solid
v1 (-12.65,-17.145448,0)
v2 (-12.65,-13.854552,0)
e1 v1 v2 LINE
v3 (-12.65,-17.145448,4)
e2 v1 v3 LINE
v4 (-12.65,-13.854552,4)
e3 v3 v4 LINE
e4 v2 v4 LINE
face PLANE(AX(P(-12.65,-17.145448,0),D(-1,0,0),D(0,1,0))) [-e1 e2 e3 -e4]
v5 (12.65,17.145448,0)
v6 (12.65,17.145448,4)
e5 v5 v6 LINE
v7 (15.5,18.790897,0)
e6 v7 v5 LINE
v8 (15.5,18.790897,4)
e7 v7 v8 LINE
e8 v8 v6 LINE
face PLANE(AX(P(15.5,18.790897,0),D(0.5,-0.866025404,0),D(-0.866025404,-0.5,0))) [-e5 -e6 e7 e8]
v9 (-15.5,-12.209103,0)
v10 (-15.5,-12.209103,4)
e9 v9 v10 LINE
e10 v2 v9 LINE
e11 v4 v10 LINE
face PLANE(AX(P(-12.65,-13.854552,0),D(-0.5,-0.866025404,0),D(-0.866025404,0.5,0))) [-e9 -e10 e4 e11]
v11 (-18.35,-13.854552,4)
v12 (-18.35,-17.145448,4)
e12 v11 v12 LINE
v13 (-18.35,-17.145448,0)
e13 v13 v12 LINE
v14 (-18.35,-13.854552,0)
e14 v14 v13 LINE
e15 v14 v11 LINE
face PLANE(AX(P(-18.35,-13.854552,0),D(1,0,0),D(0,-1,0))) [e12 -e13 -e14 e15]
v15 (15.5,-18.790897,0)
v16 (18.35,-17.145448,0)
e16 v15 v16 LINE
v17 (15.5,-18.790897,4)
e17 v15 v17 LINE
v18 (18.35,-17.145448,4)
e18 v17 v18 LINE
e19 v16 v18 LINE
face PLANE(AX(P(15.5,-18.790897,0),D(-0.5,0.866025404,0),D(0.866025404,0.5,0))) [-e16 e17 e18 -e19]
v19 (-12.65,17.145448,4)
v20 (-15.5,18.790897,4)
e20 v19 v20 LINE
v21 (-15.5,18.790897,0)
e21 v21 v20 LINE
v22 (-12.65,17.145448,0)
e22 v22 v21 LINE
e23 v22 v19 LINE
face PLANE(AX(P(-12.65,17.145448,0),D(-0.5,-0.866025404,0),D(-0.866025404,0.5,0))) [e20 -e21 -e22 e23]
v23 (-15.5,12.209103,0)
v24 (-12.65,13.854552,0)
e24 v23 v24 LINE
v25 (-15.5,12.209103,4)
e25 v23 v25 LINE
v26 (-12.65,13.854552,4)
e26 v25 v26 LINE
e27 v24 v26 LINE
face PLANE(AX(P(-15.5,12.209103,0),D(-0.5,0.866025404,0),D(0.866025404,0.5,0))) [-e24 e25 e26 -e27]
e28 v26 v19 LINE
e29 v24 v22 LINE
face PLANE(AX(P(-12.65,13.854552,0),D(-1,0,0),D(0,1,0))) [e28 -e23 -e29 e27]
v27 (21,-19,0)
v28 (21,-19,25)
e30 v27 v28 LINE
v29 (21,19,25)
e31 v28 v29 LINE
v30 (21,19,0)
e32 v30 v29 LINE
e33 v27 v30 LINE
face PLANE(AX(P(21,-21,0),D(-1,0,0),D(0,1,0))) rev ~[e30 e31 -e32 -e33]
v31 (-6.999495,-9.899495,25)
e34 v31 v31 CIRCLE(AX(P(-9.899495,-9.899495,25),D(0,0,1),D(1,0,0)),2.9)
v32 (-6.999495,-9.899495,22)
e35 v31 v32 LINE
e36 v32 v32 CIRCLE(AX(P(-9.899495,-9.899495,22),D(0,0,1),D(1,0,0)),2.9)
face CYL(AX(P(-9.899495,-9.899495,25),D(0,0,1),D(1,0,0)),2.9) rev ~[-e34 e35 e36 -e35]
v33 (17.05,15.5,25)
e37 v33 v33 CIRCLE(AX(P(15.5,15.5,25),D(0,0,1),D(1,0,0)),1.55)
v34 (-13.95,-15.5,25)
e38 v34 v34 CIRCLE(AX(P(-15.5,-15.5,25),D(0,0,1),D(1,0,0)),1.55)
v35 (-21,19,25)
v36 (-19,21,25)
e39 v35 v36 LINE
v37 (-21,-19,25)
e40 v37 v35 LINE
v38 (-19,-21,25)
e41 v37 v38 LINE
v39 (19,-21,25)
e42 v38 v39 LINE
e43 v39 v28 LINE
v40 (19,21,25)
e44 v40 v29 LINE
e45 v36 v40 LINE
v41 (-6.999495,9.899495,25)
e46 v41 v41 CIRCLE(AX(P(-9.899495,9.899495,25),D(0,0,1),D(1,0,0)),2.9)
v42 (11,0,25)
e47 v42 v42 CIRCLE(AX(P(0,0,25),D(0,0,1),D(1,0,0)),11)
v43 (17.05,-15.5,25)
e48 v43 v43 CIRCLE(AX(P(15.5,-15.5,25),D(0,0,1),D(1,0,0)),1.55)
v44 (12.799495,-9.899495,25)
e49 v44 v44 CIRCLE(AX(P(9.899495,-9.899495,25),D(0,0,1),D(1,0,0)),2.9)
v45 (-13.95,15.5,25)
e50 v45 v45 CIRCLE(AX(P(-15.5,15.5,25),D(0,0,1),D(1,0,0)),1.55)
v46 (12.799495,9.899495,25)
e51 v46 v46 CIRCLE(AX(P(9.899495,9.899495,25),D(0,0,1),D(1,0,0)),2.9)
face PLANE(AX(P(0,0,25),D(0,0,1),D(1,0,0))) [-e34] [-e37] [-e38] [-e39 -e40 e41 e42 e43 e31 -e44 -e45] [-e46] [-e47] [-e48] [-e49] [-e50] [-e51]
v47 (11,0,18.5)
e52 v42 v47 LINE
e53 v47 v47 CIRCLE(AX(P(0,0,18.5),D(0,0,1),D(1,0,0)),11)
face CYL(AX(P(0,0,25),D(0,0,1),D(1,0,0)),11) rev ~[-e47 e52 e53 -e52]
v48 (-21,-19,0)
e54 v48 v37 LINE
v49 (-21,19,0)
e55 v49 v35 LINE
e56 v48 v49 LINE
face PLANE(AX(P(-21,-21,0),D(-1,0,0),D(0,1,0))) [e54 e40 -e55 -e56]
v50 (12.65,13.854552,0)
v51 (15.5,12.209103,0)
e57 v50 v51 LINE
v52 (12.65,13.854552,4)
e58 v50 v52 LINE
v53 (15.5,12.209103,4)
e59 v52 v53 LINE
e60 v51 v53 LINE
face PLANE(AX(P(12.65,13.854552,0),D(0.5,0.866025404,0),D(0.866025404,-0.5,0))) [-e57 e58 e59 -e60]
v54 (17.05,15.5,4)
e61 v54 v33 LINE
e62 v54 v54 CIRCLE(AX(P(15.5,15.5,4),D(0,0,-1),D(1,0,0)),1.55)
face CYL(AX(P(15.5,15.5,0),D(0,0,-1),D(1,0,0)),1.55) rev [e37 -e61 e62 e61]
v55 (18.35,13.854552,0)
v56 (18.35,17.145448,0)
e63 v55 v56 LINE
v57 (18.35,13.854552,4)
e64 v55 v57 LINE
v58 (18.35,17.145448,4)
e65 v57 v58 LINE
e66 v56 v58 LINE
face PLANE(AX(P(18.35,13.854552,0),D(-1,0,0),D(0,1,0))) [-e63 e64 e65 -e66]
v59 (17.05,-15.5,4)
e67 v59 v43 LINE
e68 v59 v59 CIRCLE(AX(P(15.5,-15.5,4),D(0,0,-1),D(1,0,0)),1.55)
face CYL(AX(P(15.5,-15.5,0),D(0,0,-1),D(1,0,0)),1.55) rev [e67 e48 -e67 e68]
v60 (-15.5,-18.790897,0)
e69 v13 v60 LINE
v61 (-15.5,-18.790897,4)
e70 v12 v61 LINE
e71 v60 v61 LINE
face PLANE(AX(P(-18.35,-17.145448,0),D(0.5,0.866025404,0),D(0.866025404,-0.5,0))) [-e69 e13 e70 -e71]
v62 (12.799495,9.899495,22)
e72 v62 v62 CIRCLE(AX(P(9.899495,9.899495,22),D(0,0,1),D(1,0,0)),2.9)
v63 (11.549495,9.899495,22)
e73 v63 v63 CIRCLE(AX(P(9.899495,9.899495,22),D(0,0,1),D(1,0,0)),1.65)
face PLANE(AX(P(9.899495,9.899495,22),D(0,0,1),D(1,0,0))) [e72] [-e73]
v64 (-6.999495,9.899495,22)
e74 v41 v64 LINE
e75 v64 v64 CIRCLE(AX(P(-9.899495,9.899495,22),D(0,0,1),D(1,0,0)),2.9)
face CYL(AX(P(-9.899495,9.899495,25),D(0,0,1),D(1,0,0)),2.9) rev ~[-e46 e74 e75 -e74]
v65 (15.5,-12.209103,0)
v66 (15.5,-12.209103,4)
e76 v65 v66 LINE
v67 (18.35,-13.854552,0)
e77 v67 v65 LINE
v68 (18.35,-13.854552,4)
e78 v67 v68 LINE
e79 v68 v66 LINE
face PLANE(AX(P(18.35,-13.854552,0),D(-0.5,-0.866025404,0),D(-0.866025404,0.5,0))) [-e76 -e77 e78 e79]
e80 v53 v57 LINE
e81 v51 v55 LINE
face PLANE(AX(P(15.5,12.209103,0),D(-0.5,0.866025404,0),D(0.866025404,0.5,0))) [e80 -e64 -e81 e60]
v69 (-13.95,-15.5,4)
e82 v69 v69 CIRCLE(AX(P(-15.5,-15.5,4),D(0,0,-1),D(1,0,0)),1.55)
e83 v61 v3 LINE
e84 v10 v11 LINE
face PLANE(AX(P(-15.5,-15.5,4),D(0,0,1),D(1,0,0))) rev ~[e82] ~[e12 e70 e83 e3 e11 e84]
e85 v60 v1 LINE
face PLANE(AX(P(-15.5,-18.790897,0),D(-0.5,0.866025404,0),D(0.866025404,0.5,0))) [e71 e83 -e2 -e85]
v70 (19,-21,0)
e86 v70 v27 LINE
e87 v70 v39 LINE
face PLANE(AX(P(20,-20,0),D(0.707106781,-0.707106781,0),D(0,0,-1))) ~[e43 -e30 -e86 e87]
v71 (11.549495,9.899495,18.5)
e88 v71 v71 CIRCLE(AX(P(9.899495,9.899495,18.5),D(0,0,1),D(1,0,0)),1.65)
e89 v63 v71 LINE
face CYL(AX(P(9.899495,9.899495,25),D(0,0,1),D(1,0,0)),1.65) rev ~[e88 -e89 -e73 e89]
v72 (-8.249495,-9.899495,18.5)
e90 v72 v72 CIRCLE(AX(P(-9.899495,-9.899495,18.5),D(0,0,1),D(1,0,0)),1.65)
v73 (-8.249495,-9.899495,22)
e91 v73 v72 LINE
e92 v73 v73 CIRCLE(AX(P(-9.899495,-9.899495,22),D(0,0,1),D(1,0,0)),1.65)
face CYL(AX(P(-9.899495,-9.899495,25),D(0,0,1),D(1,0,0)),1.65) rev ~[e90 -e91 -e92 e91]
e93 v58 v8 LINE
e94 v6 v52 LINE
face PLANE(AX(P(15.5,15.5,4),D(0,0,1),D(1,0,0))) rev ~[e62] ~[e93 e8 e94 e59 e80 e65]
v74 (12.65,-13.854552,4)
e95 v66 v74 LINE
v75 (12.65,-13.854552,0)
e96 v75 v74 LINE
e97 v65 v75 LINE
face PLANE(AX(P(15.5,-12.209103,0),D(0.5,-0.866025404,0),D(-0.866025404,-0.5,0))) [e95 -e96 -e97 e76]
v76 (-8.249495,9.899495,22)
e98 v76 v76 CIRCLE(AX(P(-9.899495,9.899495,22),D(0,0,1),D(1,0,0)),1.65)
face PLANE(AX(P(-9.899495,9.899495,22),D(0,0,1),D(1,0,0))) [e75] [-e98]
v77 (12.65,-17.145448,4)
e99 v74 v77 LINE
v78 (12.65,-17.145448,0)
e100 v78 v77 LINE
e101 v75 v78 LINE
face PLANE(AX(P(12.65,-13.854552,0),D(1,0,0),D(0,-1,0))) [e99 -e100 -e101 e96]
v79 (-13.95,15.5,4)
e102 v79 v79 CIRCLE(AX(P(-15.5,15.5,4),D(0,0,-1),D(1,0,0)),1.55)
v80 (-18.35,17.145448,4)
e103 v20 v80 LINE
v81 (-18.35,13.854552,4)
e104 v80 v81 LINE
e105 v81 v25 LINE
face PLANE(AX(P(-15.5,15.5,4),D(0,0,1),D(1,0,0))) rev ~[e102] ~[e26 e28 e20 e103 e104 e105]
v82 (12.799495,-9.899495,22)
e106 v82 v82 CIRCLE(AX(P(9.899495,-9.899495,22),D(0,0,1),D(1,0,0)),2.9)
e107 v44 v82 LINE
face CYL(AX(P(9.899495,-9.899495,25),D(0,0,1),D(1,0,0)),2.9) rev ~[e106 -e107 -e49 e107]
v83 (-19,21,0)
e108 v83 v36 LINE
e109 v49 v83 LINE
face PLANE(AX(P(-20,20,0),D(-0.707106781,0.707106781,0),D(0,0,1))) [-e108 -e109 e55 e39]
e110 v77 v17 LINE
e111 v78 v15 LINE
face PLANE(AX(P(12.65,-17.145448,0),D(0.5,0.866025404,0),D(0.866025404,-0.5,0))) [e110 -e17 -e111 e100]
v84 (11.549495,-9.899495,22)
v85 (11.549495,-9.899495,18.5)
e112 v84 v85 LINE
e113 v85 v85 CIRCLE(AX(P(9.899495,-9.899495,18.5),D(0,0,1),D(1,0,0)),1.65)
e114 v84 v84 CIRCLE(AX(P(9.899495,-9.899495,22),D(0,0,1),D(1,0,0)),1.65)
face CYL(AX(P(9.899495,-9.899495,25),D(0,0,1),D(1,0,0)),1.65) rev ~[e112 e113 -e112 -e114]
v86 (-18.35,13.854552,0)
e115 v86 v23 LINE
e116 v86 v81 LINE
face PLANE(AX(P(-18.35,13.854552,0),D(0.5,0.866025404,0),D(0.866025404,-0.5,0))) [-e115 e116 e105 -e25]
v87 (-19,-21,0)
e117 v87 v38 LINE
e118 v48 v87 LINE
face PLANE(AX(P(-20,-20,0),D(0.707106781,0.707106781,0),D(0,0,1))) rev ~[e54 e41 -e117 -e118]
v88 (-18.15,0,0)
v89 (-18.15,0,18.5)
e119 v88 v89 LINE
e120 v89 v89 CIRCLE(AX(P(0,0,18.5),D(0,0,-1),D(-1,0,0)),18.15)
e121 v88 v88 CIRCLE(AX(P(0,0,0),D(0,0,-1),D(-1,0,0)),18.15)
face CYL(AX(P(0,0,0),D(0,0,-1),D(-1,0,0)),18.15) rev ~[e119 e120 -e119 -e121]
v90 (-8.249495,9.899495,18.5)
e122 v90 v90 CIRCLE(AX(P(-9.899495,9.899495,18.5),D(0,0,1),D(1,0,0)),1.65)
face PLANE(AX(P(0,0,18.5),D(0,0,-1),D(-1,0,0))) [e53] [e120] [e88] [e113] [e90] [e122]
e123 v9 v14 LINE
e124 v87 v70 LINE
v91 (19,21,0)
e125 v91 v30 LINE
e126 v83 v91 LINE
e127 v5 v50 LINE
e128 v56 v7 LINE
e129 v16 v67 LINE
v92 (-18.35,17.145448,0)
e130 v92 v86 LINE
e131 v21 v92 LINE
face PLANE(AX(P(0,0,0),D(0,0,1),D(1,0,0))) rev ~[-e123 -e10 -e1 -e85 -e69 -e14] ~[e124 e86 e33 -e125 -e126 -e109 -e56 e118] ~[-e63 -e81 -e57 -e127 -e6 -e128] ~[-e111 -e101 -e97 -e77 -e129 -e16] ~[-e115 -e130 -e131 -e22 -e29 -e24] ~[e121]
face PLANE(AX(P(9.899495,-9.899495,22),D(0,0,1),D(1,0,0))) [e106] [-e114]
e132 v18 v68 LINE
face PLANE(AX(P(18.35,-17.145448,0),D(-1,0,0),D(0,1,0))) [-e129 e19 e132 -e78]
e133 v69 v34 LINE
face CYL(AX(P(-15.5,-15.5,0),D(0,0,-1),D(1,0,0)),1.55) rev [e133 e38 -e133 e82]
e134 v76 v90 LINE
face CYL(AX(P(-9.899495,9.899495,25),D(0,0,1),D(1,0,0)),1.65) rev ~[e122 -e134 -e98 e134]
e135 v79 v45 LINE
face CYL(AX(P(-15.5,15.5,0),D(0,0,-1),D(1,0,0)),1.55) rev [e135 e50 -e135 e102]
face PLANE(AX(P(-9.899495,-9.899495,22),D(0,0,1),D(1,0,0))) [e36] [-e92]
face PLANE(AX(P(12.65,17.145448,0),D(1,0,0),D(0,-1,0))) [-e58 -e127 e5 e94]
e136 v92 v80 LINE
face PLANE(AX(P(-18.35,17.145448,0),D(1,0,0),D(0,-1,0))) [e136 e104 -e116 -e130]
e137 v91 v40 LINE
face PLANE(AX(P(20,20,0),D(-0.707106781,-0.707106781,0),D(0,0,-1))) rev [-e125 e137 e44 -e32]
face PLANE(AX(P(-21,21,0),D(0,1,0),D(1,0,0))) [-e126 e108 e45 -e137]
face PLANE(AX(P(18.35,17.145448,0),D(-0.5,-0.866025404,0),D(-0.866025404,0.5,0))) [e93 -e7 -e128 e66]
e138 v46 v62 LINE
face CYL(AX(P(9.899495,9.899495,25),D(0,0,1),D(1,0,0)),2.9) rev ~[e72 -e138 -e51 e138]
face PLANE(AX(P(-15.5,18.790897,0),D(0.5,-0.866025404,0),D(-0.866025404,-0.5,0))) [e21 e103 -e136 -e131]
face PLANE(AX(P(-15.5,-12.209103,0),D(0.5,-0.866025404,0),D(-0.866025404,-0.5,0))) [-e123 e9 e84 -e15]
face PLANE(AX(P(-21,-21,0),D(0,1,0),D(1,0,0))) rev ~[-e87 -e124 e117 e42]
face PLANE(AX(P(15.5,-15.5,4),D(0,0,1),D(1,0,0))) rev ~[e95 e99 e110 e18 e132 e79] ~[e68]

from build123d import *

# Parameters (mm, degrees)
SKETCH1_W           = 42
SKETCH1_H           = 42
SKETCH1_R           = 1.55
BOSS_EXTRUDE1_DEPTH = 25
SKETCH2_R           = 1.65
SKETCH2_R_2         = 11
CUT_EXTRUDE1_DEPTH  = 25
SKETCH3_R           = 2.9
CUT_EXTRUDE2_DEPTH  = 3
CHAMFER1_SIZE       = 2
SKETCH4_R           = 18.15
CUT_EXTRUDE3_DEPTH  = 18.5
CUT_EXTRUDE_1_DEPTH = 4


with BuildPart() as part:
    # Sketch1 → Boss-Extrude1 (new body)
    with BuildSketch(Plane.XY):
        Rectangle(SKETCH1_W, SKETCH1_H)
        with Locations((-15.5, 15.5)):
            Circle(SKETCH1_R, mode=Mode.SUBTRACT)
        with Locations((15.5, 15.5)):
            Circle(SKETCH1_R, mode=Mode.SUBTRACT)
        with Locations((15.5, -15.5)):
            Circle(SKETCH1_R, mode=Mode.SUBTRACT)
        with Locations((-15.5, -15.5)):
            Circle(SKETCH1_R, mode=Mode.SUBTRACT)
    extrude(amount=BOSS_EXTRUDE1_DEPTH)

    # Sketch2 → Cut-Extrude1 (cut)
    with BuildSketch(Plane.XY.offset(25)):
        with Locations((9.899494937, 9.899494937)):
            Circle(SKETCH2_R)
        with Locations((9.899494937, -9.899494937)):
            Circle(SKETCH2_R)
        with Locations((-9.899494937, -9.899494937)):
            Circle(SKETCH2_R)
        with Locations((-9.899494937, 9.899494937)):
            Circle(SKETCH2_R)
        Circle(SKETCH2_R_2)
    extrude(amount=-CUT_EXTRUDE1_DEPTH, mode=Mode.SUBTRACT)

    # Sketch3 → Cut-Extrude2 (cut)
    with BuildSketch(Plane.XY.offset(25)):
        with Locations((9.899494937, 9.899494937)):
            Circle(SKETCH3_R)
        with Locations((9.899494937, -9.899494937)):
            Circle(SKETCH3_R)
        with Locations((-9.899494937, -9.899494937)):
            Circle(SKETCH3_R)
        with Locations((-9.899494937, 9.899494937)):
            Circle(SKETCH3_R)
    extrude(amount=-CUT_EXTRUDE2_DEPTH, mode=Mode.SUBTRACT)

    # Chamfer1
    chamfer1_edges = [part.edges().sort_by_distance(p)[0] for p in [
        (21, -21, 12.5),
        (-21, -21, 12.5),
        (-21, 21, 12.5),
        (21, 21, 12.5),
    ]]
    chamfer(chamfer1_edges, length=CHAMFER1_SIZE)

    # Sketch4 → Cut-Extrude3 (cut)
    with BuildSketch(Plane(origin=(0, 0, 0), x_dir=(-1, 0, 0), z_dir=(0, 0, -1))):
        Circle(SKETCH4_R)
    extrude(amount=-CUT_EXTRUDE3_DEPTH, mode=Mode.SUBTRACT)

    # 草图1 → 切除-拉伸1 (cut)
    with BuildSketch(Plane.XY):
        Polygon((-15.5, 12.209103466), (-12.65, 13.854551733), (-12.65, 17.145448267), (-15.5, 18.790896534), (-18.35, 17.145448267), (-18.35, 13.854551733), align=None)
        Polygon((15.5, -12.209103466), (12.65, -13.854551733), (12.65, -17.145448267), (15.5, -18.790896534), (18.35, -17.145448267), (18.35, -13.854551733), align=None)
        Polygon((15.5, 18.790896534), (12.65, 17.145448267), (12.65, 13.854551733), (15.5, 12.209103466), (18.35, 13.854551733), (18.35, 17.145448267), align=None)
        Polygon((-15.5, -12.209103466), (-18.35, -13.854551733), (-18.35, -17.145448267), (-15.5, -18.790896534), (-12.65, -17.145448267), (-12.65, -13.854551733), align=None)
    extrude(amount=CUT_EXTRUDE_1_DEPTH, mode=Mode.SUBTRACT)


solid = part.part
